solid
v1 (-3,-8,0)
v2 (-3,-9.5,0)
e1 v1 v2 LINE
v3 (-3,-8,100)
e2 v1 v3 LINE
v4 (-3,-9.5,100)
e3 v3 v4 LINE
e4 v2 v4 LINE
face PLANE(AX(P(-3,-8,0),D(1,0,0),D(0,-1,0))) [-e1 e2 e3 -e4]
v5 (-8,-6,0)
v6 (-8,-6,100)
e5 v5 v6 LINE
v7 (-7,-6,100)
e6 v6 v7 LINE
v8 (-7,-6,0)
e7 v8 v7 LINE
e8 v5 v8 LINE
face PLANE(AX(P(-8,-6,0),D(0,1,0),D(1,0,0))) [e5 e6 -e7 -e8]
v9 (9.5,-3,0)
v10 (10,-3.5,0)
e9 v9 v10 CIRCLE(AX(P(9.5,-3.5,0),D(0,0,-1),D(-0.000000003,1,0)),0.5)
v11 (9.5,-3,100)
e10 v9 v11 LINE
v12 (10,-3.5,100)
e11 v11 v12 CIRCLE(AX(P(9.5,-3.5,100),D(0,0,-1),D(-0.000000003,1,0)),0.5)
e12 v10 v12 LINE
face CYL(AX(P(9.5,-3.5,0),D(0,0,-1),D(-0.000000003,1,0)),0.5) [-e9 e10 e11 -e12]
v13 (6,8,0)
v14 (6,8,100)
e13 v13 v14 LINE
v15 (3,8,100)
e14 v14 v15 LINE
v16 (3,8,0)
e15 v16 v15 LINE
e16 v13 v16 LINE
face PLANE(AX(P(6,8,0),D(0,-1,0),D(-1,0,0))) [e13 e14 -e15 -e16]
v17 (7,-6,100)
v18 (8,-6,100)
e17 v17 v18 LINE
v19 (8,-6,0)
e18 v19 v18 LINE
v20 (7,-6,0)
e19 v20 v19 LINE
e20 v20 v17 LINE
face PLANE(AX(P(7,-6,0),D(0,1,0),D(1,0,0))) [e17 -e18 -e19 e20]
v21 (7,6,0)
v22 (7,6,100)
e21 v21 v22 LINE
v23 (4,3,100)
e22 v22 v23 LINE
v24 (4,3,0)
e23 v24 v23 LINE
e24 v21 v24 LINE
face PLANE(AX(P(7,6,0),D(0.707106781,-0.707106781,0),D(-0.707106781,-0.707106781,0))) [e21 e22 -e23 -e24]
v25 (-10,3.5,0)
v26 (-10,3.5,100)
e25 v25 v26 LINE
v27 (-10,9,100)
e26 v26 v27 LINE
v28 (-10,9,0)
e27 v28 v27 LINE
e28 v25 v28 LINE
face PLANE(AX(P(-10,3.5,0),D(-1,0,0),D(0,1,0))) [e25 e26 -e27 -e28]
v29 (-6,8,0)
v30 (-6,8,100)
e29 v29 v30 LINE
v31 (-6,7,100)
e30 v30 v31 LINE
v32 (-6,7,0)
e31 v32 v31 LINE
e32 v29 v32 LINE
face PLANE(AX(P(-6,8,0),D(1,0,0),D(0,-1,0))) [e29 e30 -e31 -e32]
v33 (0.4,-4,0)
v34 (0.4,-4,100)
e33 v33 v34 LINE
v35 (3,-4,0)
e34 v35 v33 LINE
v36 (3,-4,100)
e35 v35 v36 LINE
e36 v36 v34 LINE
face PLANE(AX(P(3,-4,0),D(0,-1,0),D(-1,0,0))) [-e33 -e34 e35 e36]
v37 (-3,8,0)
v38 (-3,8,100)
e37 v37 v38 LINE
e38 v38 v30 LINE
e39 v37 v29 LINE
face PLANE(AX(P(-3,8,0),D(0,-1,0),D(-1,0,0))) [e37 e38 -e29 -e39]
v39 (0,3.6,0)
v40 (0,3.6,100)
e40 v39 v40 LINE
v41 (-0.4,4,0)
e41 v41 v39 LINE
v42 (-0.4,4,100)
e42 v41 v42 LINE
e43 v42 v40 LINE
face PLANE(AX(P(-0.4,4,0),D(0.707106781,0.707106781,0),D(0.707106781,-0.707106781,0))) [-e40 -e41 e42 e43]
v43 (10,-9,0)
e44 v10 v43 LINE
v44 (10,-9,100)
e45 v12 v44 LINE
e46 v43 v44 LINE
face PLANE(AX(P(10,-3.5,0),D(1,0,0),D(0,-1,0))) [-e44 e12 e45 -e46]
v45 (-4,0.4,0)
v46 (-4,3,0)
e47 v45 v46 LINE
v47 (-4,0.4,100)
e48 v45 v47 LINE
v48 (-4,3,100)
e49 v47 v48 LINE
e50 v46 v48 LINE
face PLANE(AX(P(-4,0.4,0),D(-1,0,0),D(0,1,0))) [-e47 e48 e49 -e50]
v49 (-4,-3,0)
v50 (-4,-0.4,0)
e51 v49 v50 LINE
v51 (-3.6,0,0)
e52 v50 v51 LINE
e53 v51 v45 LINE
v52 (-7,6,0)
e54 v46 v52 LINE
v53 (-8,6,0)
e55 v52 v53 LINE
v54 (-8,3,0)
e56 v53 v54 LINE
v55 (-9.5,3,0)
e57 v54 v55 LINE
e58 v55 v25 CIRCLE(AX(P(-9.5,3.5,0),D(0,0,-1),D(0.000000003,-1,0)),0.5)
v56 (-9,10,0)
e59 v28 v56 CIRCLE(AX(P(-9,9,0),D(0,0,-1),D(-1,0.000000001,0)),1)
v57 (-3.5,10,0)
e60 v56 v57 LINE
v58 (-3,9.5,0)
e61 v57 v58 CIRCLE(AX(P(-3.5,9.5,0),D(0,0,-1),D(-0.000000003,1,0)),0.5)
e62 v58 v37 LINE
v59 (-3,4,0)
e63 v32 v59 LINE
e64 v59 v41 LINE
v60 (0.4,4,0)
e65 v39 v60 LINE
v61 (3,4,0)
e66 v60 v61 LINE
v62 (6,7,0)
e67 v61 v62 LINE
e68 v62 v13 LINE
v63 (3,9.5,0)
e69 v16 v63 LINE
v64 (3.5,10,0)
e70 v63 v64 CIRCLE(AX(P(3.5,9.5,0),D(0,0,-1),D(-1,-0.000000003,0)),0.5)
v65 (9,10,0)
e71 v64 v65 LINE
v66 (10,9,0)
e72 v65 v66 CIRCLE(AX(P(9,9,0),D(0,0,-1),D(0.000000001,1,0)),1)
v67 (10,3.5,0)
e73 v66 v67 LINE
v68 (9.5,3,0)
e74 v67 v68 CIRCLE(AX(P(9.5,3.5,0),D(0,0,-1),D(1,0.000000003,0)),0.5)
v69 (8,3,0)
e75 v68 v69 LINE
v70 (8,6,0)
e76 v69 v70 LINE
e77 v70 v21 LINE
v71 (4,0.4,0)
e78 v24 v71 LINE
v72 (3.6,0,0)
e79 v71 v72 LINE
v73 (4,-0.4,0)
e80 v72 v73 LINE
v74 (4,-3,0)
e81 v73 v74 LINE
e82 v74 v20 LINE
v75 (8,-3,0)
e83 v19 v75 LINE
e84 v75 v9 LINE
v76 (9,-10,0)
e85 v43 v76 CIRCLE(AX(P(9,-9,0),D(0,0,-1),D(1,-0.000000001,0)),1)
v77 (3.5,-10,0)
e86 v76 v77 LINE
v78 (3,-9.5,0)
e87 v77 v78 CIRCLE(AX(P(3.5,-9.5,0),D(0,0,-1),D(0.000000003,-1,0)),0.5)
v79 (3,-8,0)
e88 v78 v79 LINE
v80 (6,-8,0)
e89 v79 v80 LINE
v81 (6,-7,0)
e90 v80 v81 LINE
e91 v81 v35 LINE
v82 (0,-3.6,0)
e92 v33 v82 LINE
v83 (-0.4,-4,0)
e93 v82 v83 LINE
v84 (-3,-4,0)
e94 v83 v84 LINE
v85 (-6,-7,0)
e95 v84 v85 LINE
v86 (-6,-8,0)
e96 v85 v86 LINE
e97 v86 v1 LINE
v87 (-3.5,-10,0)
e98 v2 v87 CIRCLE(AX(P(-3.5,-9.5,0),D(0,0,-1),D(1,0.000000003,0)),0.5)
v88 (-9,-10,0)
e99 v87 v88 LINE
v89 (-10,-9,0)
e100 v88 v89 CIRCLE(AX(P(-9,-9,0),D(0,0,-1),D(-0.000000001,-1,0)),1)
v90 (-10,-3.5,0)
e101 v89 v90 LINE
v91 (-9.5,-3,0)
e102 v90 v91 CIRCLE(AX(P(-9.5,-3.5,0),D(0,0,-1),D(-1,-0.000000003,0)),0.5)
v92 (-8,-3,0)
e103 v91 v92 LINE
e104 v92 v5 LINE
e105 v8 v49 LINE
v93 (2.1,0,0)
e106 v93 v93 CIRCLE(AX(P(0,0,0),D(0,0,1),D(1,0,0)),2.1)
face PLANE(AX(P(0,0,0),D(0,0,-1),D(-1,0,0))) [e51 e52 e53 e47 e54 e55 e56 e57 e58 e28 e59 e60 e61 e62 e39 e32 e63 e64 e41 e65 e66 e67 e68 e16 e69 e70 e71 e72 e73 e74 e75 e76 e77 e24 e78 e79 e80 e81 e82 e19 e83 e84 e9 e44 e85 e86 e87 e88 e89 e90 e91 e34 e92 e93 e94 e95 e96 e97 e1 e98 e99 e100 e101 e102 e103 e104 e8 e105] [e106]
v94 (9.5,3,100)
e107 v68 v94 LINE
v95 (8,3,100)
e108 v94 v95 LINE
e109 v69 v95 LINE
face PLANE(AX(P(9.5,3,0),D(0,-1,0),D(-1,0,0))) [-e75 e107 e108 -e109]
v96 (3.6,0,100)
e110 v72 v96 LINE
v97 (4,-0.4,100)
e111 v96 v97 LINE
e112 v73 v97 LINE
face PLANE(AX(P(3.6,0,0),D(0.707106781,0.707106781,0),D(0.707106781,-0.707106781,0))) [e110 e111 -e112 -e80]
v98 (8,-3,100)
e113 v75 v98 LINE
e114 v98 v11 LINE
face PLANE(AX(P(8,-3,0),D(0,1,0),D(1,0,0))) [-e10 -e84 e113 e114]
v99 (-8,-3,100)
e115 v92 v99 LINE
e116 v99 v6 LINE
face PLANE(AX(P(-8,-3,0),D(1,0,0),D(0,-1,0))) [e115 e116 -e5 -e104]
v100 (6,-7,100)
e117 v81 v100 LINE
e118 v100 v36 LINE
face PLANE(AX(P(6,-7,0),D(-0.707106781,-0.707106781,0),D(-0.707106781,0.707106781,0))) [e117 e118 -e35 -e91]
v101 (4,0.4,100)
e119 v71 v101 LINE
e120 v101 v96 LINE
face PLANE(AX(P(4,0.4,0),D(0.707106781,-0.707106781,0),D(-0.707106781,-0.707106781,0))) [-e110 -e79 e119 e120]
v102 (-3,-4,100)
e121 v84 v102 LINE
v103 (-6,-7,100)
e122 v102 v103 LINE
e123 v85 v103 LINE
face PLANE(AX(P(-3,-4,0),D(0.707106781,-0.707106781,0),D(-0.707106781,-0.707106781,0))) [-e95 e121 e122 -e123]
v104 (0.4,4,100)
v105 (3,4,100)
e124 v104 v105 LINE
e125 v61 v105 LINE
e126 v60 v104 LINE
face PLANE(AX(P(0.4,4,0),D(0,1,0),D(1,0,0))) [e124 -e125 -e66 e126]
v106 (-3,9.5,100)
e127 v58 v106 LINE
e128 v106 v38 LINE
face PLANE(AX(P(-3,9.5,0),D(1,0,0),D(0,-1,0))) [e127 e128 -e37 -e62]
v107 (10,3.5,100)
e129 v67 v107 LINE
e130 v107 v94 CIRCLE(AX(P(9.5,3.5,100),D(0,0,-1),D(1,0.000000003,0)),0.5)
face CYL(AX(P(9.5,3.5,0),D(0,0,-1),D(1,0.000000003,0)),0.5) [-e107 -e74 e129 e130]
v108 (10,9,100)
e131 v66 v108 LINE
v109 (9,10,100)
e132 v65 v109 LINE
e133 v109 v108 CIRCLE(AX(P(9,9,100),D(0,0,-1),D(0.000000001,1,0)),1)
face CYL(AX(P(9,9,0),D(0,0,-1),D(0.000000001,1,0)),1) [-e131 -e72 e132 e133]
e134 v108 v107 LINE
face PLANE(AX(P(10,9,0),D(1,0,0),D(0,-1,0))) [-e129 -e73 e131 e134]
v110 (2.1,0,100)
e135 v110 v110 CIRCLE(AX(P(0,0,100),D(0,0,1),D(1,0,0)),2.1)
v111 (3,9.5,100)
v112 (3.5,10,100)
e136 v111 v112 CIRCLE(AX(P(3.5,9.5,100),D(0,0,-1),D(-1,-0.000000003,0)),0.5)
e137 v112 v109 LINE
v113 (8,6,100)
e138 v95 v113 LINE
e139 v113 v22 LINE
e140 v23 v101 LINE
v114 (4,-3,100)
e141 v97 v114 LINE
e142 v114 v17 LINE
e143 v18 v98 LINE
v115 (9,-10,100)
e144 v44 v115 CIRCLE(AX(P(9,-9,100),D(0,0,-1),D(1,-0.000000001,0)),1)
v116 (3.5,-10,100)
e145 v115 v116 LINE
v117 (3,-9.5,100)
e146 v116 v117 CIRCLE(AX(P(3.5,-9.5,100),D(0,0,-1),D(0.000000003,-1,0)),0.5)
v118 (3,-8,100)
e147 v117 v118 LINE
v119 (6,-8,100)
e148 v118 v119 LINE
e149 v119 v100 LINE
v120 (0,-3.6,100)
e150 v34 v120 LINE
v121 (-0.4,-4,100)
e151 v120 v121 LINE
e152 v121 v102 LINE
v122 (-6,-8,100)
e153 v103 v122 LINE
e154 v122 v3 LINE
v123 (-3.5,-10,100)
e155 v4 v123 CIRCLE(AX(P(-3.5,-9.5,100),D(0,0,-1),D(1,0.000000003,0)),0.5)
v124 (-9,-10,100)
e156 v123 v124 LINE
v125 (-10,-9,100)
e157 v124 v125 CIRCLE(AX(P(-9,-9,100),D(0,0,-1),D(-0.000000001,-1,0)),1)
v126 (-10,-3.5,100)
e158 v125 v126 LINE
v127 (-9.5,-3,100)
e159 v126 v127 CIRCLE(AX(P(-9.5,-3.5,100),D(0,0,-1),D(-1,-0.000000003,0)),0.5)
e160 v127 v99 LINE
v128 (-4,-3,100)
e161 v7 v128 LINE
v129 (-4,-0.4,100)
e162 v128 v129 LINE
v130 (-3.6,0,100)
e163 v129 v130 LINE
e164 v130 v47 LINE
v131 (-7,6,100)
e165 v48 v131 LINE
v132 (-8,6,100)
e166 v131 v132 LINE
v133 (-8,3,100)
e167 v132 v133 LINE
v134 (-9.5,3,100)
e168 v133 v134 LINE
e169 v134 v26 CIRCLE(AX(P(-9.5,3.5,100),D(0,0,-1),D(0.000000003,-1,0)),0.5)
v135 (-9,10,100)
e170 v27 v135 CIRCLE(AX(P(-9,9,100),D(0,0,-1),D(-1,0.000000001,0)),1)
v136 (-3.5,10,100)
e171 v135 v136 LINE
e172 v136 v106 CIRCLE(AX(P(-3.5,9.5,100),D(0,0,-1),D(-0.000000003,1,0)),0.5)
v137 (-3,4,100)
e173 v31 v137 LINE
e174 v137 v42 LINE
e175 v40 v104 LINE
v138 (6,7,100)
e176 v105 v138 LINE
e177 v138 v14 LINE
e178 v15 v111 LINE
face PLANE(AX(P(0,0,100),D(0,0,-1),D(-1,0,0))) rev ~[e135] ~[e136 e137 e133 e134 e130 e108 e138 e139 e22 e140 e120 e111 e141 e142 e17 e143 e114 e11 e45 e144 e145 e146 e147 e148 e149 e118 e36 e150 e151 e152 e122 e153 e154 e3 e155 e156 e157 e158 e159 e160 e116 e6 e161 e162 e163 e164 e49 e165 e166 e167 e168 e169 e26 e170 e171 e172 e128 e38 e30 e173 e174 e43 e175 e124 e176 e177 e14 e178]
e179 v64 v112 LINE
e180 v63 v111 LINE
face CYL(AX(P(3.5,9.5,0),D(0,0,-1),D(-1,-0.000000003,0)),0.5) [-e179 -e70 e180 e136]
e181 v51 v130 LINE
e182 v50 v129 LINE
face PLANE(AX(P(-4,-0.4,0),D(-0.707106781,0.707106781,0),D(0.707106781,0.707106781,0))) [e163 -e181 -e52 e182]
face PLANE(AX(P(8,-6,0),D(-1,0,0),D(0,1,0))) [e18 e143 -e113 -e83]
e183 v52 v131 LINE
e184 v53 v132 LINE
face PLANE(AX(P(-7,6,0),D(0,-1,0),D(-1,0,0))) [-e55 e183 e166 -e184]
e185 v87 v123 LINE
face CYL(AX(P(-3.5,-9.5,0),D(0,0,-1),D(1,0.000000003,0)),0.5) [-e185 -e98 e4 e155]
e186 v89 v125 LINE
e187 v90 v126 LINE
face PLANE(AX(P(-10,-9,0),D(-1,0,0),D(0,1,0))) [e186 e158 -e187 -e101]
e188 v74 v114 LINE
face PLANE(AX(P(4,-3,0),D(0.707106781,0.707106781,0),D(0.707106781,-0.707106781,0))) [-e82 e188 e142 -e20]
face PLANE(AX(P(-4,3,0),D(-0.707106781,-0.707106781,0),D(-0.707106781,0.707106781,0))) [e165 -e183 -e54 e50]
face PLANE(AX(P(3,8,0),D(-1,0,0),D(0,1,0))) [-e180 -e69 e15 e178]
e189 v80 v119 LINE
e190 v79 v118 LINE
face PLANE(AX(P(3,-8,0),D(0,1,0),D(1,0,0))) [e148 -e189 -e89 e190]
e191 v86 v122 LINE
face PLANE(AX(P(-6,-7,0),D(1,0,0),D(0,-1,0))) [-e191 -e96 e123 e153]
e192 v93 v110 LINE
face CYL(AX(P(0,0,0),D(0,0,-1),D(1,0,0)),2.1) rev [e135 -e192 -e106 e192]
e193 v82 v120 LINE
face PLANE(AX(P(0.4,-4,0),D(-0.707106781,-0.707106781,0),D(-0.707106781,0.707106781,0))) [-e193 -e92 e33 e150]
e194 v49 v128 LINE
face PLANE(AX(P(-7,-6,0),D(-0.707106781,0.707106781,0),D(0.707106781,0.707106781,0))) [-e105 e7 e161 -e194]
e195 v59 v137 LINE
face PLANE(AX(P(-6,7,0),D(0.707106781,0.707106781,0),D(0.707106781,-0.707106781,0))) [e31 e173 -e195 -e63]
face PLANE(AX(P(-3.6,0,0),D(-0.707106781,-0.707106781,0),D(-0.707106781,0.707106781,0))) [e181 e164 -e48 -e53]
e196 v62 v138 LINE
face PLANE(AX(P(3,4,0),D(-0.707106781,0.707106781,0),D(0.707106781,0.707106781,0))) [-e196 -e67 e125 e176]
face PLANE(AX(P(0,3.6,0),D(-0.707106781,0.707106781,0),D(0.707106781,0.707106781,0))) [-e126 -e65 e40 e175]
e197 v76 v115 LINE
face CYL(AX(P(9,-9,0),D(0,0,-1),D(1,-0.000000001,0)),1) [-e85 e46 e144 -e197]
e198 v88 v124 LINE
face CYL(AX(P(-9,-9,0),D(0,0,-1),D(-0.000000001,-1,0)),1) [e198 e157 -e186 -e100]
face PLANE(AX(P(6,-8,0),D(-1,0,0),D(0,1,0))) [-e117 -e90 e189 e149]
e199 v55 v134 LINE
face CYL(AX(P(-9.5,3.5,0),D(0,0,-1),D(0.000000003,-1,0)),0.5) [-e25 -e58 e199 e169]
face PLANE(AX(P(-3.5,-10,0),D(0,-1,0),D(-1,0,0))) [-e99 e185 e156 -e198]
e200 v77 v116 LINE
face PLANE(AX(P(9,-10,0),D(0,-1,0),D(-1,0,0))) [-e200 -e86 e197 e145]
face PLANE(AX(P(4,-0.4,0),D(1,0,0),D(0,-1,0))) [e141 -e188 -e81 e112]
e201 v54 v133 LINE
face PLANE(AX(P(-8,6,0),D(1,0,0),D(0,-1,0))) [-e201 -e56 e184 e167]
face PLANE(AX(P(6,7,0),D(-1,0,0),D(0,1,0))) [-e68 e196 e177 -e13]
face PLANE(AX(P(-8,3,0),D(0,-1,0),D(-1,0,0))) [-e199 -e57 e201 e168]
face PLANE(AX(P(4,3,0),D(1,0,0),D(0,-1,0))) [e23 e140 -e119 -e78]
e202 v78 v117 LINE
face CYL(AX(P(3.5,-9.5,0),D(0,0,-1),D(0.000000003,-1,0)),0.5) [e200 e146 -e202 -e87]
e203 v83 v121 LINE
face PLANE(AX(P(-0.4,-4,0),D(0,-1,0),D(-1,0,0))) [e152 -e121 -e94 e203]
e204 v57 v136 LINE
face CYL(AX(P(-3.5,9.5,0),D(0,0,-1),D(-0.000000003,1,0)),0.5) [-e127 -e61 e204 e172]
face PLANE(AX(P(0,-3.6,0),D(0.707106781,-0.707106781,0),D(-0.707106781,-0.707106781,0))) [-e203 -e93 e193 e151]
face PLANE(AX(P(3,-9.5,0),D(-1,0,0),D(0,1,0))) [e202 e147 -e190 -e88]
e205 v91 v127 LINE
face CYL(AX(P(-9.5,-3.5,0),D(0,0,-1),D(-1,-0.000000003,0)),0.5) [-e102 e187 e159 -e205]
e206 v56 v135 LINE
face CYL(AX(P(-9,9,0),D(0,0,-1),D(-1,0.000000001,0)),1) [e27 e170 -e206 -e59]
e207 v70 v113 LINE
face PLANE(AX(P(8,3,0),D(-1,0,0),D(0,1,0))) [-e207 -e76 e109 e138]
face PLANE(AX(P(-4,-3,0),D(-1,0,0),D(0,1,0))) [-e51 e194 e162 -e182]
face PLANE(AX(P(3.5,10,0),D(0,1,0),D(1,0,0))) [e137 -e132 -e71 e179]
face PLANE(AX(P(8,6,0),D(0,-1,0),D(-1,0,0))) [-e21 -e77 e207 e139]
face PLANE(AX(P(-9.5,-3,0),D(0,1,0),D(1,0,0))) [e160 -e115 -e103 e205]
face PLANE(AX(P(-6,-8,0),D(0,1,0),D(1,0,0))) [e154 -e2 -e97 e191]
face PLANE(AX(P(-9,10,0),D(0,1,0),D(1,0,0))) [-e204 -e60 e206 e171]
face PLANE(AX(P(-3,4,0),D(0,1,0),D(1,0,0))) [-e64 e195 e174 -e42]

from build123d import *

# Parameters (mm, degrees)
SCHIZZO1_R                   = 2.1
ESTRUSIONE_ESTRUSIONE1_DEPTH = 100


with BuildPart() as part:
    # Schizzo1 → Estrusione-Estrusione1 (new body)
    with BuildSketch(Plane.XY):
        with BuildLine():
            Line((-3.6, 0), (-4, 0.4))
            Line((-4, 0.4), (-4, 3))
            Line((-4, 3), (-7, 6))
            Line((-7, 6), (-8, 6))
            Line((-8, 6), (-8, 3))
            Line((-8, 3), (-9.5, 3))
            ThreePointArc((-9.5, 3), (-9.853553391, 3.146446609), (-10, 3.5))
            Line((-10, 3.5), (-10, 9))
            ThreePointArc((-10, 9), (-9.707106781, 9.707106781), (-9, 10))
            Line((-9, 10), (-3.5, 10))
            ThreePointArc((-3.5, 10), (-3.146446609, 9.853553391), (-3, 9.5))
            Line((-3, 9.5), (-3, 8))
            Line((-3, 8), (-6, 8))
            Line((-6, 8), (-6, 7))
            Line((-6, 7), (-3, 4))
            Line((-3, 4), (-0.4, 4))
            Line((-0.4, 4), (0, 3.6))
            Line((0, 3.6), (0.4, 4))
            Line((0.4, 4), (3, 4))
            Line((3, 4), (6, 7))
            Line((6, 7), (6, 8))
            Line((6, 8), (3, 8))
            Line((3, 8), (3, 9.5))
            ThreePointArc((3, 9.5), (3.146446609, 9.853553391), (3.5, 10))
            Line((3.5, 10), (9, 10))
            ThreePointArc((9, 10), (9.707106781, 9.707106781), (10, 9))
            Line((10, 9), (10, 3.5))
            ThreePointArc((10, 3.5), (9.853553391, 3.146446609), (9.5, 3))
            Line((9.5, 3), (8, 3))
            Line((8, 3), (8, 6))
            Line((8, 6), (7, 6))
            Line((7, 6), (4, 3))
            Line((4, 3), (4, 0.4))
            Line((4, 0.4), (3.6, 0))
            Line((3.6, 0), (4, -0.4))
            Line((4, -0.4), (4, -3))
            Line((4, -3), (7, -6))
            Line((7, -6), (8, -6))
            Line((8, -6), (8, -3))
            Line((8, -3), (9.5, -3))
            ThreePointArc((9.5, -3), (9.853553391, -3.146446609), (10, -3.5))
            Line((10, -3.5), (10, -9))
            ThreePointArc((10, -9), (9.707106781, -9.707106781), (9, -10))
            Line((9, -10), (3.5, -10))
            ThreePointArc((3.5, -10), (3.146446609, -9.853553391), (3, -9.5))
            Line((3, -9.5), (3, -8))
            Line((3, -8), (6, -8))
            Line((6, -8), (6, -7))
            Line((6, -7), (3, -4))
            Line((3, -4), (0.4, -4))
            Line((0.4, -4), (0, -3.6))
            Line((0, -3.6), (-0.4, -4))
            Line((-0.4, -4), (-3, -4))
            Line((-3, -4), (-6, -7))
            Line((-6, -7), (-6, -8))
            Line((-6, -8), (-3, -8))
            Line((-3, -8), (-3, -9.5))
            ThreePointArc((-3, -9.5), (-3.146446609, -9.853553391), (-3.5, -10))
            Line((-3.5, -10), (-9, -10))
            ThreePointArc((-9, -10), (-9.707106781, -9.707106781), (-10, -9))
            Line((-10, -9), (-10, -3.5))
            ThreePointArc((-10, -3.5), (-9.853553391, -3.146446609), (-9.5, -3))
            Line((-9.5, -3), (-8, -3))
            Line((-8, -3), (-8, -6))
            Line((-8, -6), (-7, -6))
            Line((-7, -6), (-4, -3))
            Line((-4, -3), (-4, -0.4))
            Line((-4, -0.4), (-3.6, 0))
        make_face()
        Circle(SCHIZZO1_R, mode=Mode.SUBTRACT)
    extrude(amount=ESTRUSIONE_ESTRUSIONE1_DEPTH)


solid = part.part
